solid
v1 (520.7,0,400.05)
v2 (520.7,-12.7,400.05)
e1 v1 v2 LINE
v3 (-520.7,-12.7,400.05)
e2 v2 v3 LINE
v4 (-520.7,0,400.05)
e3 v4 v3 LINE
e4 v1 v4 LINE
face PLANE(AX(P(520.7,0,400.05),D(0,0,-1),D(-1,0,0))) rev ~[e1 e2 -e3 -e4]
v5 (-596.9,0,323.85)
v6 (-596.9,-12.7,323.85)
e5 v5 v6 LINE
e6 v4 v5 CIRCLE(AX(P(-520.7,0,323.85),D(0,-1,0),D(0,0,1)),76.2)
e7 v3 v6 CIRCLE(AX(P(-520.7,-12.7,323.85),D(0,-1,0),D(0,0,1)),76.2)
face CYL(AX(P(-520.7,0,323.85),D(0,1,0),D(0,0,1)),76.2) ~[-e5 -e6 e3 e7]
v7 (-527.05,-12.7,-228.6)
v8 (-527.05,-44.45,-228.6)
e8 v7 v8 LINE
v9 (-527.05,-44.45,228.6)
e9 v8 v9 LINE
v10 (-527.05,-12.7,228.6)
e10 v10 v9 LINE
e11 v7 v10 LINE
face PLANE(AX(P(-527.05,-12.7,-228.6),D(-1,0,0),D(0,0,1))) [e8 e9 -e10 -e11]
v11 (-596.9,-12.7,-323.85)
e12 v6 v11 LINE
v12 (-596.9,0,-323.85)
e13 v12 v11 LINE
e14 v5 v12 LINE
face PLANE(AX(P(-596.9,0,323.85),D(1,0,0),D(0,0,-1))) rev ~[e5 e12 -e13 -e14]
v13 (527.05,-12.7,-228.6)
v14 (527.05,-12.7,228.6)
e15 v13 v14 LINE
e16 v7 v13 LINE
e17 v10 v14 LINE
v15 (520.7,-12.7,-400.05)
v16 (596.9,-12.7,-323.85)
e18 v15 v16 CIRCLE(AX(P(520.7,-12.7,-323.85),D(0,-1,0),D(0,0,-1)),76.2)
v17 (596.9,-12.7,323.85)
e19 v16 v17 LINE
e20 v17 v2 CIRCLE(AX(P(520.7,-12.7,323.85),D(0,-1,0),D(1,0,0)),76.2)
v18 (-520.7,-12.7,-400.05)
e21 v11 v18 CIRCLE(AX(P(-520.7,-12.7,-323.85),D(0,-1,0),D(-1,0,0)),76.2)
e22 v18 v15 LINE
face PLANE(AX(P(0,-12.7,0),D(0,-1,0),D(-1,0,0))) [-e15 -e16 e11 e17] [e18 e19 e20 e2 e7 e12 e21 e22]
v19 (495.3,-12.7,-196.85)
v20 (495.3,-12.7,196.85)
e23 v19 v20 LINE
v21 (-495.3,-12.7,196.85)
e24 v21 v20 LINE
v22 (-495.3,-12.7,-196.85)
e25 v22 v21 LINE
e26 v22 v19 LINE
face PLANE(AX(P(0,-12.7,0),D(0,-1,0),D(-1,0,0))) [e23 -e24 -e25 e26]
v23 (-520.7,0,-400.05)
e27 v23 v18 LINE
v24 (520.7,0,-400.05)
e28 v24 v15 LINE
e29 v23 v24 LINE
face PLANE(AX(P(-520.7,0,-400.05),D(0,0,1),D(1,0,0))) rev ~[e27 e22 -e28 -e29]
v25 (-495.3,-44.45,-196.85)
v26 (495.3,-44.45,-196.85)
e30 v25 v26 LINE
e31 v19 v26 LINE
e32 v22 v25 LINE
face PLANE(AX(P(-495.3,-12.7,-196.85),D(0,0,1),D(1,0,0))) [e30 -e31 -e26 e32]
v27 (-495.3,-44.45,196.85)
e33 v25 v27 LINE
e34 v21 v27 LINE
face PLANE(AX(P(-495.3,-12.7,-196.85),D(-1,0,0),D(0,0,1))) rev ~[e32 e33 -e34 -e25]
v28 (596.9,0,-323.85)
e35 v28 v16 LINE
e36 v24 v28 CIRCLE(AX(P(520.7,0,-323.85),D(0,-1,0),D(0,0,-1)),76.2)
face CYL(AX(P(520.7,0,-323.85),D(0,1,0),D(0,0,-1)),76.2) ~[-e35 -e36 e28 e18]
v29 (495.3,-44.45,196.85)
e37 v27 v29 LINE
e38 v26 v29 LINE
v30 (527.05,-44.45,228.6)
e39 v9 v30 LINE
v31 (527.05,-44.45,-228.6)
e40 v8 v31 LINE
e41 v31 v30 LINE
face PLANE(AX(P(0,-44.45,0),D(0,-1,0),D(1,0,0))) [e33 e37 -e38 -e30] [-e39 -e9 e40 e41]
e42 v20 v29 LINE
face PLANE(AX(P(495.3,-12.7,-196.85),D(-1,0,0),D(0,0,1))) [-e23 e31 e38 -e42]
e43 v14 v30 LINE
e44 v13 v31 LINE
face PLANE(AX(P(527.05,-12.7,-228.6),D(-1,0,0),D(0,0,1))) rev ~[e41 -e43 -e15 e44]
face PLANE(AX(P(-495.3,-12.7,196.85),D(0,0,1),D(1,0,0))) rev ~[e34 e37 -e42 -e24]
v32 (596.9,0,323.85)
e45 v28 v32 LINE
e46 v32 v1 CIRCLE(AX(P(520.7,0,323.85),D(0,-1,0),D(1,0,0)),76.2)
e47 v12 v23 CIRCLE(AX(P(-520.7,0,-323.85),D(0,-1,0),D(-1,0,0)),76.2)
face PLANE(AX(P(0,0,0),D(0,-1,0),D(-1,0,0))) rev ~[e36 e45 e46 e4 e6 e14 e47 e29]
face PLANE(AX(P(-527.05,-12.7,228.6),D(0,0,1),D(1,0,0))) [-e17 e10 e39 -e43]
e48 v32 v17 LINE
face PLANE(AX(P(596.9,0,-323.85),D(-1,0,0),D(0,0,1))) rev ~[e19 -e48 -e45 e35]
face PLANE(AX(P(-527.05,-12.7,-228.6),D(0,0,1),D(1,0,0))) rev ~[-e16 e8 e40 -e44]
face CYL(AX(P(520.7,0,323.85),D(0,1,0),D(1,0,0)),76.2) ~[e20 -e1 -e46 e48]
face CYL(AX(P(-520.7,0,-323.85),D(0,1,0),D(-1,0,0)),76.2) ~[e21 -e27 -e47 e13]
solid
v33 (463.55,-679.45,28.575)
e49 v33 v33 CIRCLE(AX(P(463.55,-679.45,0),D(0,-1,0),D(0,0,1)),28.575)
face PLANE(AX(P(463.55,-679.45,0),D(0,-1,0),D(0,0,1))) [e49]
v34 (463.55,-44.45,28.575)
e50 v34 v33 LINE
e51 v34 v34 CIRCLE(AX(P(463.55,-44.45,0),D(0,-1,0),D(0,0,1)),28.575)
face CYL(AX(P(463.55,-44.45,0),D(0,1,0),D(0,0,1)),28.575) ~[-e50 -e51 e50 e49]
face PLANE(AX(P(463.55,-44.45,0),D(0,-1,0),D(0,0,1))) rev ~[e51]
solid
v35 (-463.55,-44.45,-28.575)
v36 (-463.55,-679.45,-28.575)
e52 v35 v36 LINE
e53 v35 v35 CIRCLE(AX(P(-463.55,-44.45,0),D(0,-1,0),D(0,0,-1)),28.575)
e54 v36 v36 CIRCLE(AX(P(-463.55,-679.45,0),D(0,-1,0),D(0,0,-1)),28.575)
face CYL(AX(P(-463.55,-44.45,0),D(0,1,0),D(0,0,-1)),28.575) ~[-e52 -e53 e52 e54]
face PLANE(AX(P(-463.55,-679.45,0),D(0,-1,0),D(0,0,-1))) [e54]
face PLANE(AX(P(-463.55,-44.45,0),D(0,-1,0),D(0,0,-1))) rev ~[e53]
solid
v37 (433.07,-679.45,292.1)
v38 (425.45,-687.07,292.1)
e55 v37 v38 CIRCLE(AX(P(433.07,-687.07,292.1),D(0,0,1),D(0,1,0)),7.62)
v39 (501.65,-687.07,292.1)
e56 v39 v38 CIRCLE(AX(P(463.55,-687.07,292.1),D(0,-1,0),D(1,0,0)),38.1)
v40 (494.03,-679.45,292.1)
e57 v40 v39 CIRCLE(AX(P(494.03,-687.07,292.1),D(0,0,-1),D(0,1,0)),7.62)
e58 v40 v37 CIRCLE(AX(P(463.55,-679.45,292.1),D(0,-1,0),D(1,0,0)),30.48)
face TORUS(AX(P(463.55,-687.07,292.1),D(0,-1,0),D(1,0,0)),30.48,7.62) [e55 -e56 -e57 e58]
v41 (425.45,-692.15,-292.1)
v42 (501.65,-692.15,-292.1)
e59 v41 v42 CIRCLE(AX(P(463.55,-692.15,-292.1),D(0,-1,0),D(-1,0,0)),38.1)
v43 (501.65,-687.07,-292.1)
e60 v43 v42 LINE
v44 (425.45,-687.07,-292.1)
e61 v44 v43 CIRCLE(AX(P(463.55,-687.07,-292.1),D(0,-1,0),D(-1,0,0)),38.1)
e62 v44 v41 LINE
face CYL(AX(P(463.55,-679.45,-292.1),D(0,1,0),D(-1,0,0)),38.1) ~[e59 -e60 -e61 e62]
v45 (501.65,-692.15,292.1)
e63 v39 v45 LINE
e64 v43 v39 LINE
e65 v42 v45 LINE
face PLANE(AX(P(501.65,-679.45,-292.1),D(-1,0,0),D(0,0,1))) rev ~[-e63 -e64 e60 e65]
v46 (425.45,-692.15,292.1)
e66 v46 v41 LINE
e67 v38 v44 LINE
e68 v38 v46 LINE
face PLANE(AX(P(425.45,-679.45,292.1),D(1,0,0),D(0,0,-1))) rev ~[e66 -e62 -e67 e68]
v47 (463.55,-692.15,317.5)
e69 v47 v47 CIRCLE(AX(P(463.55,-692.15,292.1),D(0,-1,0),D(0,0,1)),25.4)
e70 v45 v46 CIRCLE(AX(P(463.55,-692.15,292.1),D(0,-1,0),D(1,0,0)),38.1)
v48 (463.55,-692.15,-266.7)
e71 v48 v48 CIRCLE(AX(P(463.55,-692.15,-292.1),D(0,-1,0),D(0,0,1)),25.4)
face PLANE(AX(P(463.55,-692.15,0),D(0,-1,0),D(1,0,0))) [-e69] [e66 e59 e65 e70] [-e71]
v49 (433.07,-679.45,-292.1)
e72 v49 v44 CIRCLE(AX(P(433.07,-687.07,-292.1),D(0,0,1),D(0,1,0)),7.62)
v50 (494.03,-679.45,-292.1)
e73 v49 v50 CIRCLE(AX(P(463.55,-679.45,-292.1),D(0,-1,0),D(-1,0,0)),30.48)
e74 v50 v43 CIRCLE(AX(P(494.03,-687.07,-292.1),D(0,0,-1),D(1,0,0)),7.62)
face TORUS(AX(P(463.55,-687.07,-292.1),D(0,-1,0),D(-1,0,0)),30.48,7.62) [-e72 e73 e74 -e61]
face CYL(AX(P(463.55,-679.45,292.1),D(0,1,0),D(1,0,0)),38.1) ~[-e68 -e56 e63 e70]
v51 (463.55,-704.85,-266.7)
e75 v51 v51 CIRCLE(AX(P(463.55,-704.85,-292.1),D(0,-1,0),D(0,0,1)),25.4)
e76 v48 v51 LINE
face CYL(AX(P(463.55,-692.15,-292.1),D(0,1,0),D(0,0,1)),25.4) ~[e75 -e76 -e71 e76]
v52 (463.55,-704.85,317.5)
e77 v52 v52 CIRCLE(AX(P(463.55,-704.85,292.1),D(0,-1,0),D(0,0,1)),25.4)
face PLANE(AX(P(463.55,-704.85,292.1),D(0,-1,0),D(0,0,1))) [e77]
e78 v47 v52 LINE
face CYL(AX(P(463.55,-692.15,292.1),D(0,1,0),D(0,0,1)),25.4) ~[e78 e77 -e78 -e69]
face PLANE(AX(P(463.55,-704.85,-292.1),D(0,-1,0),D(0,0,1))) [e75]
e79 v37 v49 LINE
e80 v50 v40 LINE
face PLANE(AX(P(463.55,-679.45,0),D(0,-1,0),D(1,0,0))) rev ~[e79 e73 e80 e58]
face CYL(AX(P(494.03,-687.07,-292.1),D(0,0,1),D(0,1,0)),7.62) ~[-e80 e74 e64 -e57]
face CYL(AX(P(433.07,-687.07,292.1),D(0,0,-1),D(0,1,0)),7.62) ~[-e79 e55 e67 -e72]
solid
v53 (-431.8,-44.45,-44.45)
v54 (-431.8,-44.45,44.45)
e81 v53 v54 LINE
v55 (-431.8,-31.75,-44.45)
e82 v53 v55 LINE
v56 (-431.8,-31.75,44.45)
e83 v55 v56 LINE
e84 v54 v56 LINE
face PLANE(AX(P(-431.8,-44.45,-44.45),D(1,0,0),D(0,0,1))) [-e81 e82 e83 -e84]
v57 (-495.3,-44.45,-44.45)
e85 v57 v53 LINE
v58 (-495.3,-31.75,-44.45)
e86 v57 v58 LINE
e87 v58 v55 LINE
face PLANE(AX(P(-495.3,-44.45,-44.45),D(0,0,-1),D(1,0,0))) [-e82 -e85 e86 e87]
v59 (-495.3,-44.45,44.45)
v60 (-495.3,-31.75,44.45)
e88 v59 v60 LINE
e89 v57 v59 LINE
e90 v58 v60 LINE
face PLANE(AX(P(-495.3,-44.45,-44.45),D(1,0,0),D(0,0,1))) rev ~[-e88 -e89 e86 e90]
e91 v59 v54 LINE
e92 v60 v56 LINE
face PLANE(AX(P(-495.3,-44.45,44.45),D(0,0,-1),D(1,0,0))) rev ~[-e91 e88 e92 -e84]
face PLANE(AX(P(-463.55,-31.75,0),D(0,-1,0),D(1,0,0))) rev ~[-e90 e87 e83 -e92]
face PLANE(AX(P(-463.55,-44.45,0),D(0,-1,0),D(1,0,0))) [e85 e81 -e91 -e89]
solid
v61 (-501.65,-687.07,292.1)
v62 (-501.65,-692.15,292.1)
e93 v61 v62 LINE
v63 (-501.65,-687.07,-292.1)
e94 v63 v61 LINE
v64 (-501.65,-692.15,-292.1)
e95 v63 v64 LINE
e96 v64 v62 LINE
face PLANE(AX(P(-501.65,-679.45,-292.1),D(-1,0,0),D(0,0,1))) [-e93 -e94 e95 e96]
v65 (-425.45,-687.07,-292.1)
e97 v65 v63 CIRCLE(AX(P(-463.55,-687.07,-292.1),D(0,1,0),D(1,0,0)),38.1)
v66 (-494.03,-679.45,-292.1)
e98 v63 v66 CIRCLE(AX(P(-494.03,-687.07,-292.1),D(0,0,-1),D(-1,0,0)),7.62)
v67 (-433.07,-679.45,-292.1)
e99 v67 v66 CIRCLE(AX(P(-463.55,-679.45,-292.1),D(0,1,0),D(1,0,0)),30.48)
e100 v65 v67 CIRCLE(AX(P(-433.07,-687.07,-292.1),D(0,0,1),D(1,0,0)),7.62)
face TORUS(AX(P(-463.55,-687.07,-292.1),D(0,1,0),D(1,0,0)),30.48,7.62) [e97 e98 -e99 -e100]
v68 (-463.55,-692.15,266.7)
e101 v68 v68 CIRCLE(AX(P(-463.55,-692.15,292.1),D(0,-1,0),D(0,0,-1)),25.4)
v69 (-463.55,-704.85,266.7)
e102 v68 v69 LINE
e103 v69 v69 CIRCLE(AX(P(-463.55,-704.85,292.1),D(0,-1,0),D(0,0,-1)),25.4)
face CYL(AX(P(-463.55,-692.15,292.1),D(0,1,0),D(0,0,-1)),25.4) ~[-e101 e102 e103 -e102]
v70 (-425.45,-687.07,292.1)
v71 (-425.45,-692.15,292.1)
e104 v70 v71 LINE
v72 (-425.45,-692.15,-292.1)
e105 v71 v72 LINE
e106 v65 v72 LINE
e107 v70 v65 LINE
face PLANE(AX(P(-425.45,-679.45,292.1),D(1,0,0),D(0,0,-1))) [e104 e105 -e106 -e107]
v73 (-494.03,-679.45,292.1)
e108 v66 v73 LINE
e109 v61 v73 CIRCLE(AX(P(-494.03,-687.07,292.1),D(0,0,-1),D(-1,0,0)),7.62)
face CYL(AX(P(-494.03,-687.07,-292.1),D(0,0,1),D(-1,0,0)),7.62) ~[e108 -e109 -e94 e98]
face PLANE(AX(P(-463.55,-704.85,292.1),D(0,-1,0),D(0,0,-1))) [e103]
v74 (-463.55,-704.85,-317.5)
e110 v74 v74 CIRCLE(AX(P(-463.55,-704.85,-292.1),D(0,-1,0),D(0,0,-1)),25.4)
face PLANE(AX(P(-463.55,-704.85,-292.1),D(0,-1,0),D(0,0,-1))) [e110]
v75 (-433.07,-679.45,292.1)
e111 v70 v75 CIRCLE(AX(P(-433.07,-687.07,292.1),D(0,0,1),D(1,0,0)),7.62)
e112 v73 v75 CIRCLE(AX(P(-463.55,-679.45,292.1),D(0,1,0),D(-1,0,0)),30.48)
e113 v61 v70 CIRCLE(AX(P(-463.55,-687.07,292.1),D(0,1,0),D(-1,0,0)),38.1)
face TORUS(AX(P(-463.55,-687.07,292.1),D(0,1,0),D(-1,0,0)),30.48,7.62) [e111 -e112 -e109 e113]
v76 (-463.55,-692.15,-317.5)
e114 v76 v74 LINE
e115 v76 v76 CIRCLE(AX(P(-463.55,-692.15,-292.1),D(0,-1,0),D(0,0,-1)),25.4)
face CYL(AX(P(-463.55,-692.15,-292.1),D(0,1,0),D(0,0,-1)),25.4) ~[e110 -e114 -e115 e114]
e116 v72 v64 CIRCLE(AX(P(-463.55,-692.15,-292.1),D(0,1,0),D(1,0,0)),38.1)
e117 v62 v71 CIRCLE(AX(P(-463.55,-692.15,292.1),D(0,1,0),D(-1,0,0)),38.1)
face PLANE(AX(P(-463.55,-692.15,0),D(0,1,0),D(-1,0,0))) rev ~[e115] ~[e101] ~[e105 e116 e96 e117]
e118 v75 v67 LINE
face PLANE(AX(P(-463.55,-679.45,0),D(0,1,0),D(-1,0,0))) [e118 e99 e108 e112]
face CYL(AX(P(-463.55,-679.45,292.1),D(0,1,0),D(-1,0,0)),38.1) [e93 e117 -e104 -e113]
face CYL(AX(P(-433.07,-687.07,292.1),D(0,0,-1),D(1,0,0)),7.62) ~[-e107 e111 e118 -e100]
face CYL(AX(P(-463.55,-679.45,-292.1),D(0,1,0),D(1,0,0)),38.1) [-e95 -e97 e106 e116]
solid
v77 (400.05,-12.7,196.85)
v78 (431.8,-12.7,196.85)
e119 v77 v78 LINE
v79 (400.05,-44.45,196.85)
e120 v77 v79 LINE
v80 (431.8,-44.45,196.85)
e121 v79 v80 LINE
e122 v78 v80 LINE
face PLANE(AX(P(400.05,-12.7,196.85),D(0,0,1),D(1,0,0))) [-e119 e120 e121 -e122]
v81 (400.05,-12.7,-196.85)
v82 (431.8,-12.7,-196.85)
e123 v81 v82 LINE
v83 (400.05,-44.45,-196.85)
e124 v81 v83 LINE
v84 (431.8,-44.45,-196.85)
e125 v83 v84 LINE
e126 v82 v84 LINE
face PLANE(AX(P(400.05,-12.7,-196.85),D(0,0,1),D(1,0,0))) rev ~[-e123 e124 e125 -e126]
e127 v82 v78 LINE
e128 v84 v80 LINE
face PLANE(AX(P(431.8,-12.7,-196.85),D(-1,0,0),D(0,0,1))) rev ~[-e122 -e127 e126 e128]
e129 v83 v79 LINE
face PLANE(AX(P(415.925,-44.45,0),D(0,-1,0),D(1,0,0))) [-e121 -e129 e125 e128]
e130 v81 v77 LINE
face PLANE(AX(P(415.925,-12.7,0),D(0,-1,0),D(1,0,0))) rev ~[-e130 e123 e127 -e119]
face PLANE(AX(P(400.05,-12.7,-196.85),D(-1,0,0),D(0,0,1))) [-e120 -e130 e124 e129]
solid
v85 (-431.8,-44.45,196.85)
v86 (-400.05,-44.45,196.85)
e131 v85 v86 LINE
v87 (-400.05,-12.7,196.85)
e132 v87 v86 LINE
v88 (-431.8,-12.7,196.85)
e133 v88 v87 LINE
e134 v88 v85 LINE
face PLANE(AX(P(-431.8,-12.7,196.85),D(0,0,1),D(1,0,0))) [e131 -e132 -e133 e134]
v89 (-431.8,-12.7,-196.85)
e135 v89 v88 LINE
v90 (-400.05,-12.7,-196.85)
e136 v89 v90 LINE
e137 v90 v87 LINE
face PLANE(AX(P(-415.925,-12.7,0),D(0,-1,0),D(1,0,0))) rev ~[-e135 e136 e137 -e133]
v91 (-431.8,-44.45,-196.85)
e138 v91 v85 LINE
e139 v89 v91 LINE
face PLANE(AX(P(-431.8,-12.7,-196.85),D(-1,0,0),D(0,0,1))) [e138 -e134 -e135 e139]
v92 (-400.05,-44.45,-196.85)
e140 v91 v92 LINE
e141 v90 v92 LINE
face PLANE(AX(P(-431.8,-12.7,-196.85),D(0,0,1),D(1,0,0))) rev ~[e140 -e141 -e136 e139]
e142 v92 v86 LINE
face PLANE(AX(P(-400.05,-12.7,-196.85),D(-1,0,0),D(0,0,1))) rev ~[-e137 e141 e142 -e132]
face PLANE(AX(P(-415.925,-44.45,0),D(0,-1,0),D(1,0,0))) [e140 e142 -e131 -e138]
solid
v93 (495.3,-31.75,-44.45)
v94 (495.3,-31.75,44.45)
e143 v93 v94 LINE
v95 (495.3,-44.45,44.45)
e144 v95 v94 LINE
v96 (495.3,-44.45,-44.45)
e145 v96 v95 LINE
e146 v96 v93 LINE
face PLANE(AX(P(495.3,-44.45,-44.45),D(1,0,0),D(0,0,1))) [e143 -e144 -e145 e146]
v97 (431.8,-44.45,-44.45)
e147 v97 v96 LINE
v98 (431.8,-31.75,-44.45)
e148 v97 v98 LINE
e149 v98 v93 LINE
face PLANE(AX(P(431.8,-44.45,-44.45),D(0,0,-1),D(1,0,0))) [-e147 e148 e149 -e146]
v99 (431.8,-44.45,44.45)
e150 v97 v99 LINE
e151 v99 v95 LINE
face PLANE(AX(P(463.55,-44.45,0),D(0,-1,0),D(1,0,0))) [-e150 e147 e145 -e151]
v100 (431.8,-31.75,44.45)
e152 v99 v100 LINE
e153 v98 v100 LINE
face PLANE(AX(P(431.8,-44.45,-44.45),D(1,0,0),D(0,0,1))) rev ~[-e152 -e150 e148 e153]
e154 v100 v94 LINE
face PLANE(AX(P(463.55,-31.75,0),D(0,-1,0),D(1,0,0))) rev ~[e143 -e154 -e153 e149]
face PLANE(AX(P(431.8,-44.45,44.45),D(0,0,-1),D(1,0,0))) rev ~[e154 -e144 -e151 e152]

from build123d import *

# Parameters (mm, degrees)
BOSS_EXTRUDE1_DEPTH   = 12.7
SKETCH2_W             = 1054.1
SKETCH2_H             = 457.2
SKETCH2_W_2           = 990.6
SKETCH2_H_2           = 393.7
EXTRUDE_THIN1_DEPTH   = 31.75
SKETCH3_W             = 31.75
SKETCH3_H             = 393.7
BOSS_EXTRUDE2_DEPTH   = 31.75
BOSS_EXTRUDE2_2_DEPTH = 31.75
SKETCH4_W             = 63.5
SKETCH4_H             = 88.9
BOSS_EXTRUDE3_DEPTH   = 12.7
BOSS_EXTRUDE3_2_DEPTH = 12.7
SKETCH5_R             = 28.575
BOSS_EXTRUDE4_DEPTH   = 635
BOSS_EXTRUDE4_2_DEPTH = 635
BOSS_EXTRUDE5_DEPTH   = 12.7
BOSS_EXTRUDE5_2_DEPTH = 12.7
SKETCH7_R             = 25.4
BOSS_EXTRUDE6_DEPTH   = 12.7
FILLET1_R             = 7.62
FILLET2_R             = 7.62


with BuildPart() as part:
    # Sketch1 → Boss-Extrude1 (new body)
    with BuildSketch(Plane(origin=(0, 0, 0), x_dir=(1, 0, 0), z_dir=(0, 1, 0))):
        with BuildLine():
            Line((-520.7, 400.05), (520.7, 400.05))
            ThreePointArc((520.7, 400.05), (574.581536726, 377.731536726), (596.9, 323.85))
            Line((596.9, 323.85), (596.9, -323.85))
            ThreePointArc((596.9, -323.85), (574.581536726, -377.731536726), (520.7, -400.05))
            Line((520.7, -400.05), (-520.7, -400.05))
            ThreePointArc((-520.7, -400.05), (-574.581536726, -377.731536726), (-596.9, -323.85))
            Line((-596.9, -323.85), (-596.9, 323.85))
            ThreePointArc((-596.9, 323.85), (-574.581536726, 377.731536726), (-520.7, 400.05))
        make_face()
    extrude(amount=-BOSS_EXTRUDE1_DEPTH)

    # Sketch2 → Extrude-Thin1 (add)
    with BuildSketch(Plane.XZ.offset(12.7)):
        Rectangle(SKETCH2_W, SKETCH2_H)
        Rectangle(SKETCH2_W_2, SKETCH2_H_2, mode=Mode.SUBTRACT)
    extrude(amount=EXTRUDE_THIN1_DEPTH)


with BuildPart() as body_2:
    # Sketch3 → Boss-Extrude2 (new body)
    with BuildSketch(Plane.XZ.offset(12.7)):
        with Locations((-415.925, 0)):
            Rectangle(SKETCH3_W, SKETCH3_H)
    extrude(amount=BOSS_EXTRUDE2_DEPTH)


with BuildPart() as body_3:
    # Sketch3 → Boss-Extrude2 2 (new body)
    with BuildSketch(Plane.XZ.offset(12.7)):
        with Locations((415.925, 0)):
            Rectangle(SKETCH3_W, SKETCH3_H)
    extrude(amount=BOSS_EXTRUDE2_2_DEPTH)


with BuildPart() as body_4:
    # Sketch4 → Boss-Extrude3 (new body)
    with BuildSketch(Plane.XZ.offset(44.45)):
        with Locations((-463.55, 0)):
            Rectangle(SKETCH4_W, SKETCH4_H)
    extrude(amount=-BOSS_EXTRUDE3_DEPTH)


with BuildPart() as body_5:
    # Sketch4 → Boss-Extrude3 2 (new body)
    with BuildSketch(Plane.XZ.offset(44.45)):
        with Locations((463.55, 0)):
            Rectangle(SKETCH4_W, SKETCH4_H)
    extrude(amount=-BOSS_EXTRUDE3_2_DEPTH)


with BuildPart() as body_6:
    # Sketch5 → Boss-Extrude4 (new body)
    with BuildSketch(Plane.XZ.offset(44.45)):
        with Locations(Location((-463.55, 0, 0), (0, 0, 270))):  # turned: the seam where the file's is
            Circle(SKETCH5_R)
    extrude(amount=BOSS_EXTRUDE4_DEPTH)


with BuildPart() as body_7:
    # Sketch5 → Boss-Extrude4 2 (new body)
    with BuildSketch(Plane.XZ.offset(44.45)):
        with Locations(Location((463.55, 0, 0), (0, 0, 90))):  # turned: the seam where the file's is
            Circle(SKETCH5_R)
    extrude(amount=BOSS_EXTRUDE4_2_DEPTH)


with BuildPart() as body_8:
    # Sketch6 → Boss-Extrude5 (new body)
    with BuildSketch(Plane.XZ.offset(679.45)):
        with BuildLine():
            Line((-501.65, -292.1), (-501.65, 292.1))
            ThreePointArc((-501.65, 292.1), (-463.55, 330.2), (-425.45, 292.1))
            Line((-425.45, 292.1), (-425.45, -292.1))
            ThreePointArc((-425.45, -292.1), (-463.55, -330.2), (-501.65, -292.1))
        make_face()
    extrude(amount=BOSS_EXTRUDE5_DEPTH)



with BuildPart() as body_9:
    # Sketch6 → Boss-Extrude5 2 (new body)
    with BuildSketch(Plane.XZ.offset(679.45)):
        with BuildLine():
            Line((501.65, -292.1), (501.65, 292.1))
            ThreePointArc((501.65, 292.1), (463.55, 330.2), (425.45, 292.1))
            Line((425.45, 292.1), (425.45, -292.1))
            ThreePointArc((425.45, -292.1), (463.55, -330.2), (501.65, -292.1))
        make_face()
    extrude(amount=BOSS_EXTRUDE5_2_DEPTH)


with BuildPart() as body_8_1:
    add(body_8.part)

    add(body_9.part)  # Boss-Extrude6 merges body 9
    # Sketch7 → Boss-Extrude6 (add)
    with BuildSketch(Plane.XZ.offset(692.15)):
        with Locations(Location((-463.55, 292.1, 0), (0, 0, 270))):  # turned: the seam where the file's is
            Circle(SKETCH7_R)
        with Locations(Location((-463.55, -292.1, 0), (0, 0, 270))):  # turned: the seam where the file's is
            Circle(SKETCH7_R)
        with Locations(Location((463.55, -292.1, 0), (0, 0, 90))):  # turned: the seam where the file's is
            Circle(SKETCH7_R)
        with Locations(Location((463.55, 292.1, 0), (0, 0, 90))):  # turned: the seam where the file's is
            Circle(SKETCH7_R)
    extrude(amount=BOSS_EXTRUDE6_DEPTH)

    # Fillet1
    fillet1_edges = [body_8_1.edges().sort_by_distance(p)[0] for p in [
        (-501.65, -679.45, 0),
        (-463.55, -679.45, 330.2),
        (-425.45, -679.45, 0),
        (-463.55, -679.45, -330.2),
    ]]
    fillet(fillet1_edges, radius=FILLET1_R)

    # Fillet2
    fillet2_edges = [body_8_1.edges().sort_by_distance(p)[0] for p in [
        (425.45, -679.45, 0),
        (463.55, -679.45, 330.2),
        (501.65, -679.45, 0),
        (463.55, -679.45, -330.2),
    ]]
    fillet(fillet2_edges, radius=FILLET2_R)


solid = Compound([part.part, body_2.part, body_3.part, body_4.part, body_5.part, body_6.part, body_7.part, body_8_1.part])
